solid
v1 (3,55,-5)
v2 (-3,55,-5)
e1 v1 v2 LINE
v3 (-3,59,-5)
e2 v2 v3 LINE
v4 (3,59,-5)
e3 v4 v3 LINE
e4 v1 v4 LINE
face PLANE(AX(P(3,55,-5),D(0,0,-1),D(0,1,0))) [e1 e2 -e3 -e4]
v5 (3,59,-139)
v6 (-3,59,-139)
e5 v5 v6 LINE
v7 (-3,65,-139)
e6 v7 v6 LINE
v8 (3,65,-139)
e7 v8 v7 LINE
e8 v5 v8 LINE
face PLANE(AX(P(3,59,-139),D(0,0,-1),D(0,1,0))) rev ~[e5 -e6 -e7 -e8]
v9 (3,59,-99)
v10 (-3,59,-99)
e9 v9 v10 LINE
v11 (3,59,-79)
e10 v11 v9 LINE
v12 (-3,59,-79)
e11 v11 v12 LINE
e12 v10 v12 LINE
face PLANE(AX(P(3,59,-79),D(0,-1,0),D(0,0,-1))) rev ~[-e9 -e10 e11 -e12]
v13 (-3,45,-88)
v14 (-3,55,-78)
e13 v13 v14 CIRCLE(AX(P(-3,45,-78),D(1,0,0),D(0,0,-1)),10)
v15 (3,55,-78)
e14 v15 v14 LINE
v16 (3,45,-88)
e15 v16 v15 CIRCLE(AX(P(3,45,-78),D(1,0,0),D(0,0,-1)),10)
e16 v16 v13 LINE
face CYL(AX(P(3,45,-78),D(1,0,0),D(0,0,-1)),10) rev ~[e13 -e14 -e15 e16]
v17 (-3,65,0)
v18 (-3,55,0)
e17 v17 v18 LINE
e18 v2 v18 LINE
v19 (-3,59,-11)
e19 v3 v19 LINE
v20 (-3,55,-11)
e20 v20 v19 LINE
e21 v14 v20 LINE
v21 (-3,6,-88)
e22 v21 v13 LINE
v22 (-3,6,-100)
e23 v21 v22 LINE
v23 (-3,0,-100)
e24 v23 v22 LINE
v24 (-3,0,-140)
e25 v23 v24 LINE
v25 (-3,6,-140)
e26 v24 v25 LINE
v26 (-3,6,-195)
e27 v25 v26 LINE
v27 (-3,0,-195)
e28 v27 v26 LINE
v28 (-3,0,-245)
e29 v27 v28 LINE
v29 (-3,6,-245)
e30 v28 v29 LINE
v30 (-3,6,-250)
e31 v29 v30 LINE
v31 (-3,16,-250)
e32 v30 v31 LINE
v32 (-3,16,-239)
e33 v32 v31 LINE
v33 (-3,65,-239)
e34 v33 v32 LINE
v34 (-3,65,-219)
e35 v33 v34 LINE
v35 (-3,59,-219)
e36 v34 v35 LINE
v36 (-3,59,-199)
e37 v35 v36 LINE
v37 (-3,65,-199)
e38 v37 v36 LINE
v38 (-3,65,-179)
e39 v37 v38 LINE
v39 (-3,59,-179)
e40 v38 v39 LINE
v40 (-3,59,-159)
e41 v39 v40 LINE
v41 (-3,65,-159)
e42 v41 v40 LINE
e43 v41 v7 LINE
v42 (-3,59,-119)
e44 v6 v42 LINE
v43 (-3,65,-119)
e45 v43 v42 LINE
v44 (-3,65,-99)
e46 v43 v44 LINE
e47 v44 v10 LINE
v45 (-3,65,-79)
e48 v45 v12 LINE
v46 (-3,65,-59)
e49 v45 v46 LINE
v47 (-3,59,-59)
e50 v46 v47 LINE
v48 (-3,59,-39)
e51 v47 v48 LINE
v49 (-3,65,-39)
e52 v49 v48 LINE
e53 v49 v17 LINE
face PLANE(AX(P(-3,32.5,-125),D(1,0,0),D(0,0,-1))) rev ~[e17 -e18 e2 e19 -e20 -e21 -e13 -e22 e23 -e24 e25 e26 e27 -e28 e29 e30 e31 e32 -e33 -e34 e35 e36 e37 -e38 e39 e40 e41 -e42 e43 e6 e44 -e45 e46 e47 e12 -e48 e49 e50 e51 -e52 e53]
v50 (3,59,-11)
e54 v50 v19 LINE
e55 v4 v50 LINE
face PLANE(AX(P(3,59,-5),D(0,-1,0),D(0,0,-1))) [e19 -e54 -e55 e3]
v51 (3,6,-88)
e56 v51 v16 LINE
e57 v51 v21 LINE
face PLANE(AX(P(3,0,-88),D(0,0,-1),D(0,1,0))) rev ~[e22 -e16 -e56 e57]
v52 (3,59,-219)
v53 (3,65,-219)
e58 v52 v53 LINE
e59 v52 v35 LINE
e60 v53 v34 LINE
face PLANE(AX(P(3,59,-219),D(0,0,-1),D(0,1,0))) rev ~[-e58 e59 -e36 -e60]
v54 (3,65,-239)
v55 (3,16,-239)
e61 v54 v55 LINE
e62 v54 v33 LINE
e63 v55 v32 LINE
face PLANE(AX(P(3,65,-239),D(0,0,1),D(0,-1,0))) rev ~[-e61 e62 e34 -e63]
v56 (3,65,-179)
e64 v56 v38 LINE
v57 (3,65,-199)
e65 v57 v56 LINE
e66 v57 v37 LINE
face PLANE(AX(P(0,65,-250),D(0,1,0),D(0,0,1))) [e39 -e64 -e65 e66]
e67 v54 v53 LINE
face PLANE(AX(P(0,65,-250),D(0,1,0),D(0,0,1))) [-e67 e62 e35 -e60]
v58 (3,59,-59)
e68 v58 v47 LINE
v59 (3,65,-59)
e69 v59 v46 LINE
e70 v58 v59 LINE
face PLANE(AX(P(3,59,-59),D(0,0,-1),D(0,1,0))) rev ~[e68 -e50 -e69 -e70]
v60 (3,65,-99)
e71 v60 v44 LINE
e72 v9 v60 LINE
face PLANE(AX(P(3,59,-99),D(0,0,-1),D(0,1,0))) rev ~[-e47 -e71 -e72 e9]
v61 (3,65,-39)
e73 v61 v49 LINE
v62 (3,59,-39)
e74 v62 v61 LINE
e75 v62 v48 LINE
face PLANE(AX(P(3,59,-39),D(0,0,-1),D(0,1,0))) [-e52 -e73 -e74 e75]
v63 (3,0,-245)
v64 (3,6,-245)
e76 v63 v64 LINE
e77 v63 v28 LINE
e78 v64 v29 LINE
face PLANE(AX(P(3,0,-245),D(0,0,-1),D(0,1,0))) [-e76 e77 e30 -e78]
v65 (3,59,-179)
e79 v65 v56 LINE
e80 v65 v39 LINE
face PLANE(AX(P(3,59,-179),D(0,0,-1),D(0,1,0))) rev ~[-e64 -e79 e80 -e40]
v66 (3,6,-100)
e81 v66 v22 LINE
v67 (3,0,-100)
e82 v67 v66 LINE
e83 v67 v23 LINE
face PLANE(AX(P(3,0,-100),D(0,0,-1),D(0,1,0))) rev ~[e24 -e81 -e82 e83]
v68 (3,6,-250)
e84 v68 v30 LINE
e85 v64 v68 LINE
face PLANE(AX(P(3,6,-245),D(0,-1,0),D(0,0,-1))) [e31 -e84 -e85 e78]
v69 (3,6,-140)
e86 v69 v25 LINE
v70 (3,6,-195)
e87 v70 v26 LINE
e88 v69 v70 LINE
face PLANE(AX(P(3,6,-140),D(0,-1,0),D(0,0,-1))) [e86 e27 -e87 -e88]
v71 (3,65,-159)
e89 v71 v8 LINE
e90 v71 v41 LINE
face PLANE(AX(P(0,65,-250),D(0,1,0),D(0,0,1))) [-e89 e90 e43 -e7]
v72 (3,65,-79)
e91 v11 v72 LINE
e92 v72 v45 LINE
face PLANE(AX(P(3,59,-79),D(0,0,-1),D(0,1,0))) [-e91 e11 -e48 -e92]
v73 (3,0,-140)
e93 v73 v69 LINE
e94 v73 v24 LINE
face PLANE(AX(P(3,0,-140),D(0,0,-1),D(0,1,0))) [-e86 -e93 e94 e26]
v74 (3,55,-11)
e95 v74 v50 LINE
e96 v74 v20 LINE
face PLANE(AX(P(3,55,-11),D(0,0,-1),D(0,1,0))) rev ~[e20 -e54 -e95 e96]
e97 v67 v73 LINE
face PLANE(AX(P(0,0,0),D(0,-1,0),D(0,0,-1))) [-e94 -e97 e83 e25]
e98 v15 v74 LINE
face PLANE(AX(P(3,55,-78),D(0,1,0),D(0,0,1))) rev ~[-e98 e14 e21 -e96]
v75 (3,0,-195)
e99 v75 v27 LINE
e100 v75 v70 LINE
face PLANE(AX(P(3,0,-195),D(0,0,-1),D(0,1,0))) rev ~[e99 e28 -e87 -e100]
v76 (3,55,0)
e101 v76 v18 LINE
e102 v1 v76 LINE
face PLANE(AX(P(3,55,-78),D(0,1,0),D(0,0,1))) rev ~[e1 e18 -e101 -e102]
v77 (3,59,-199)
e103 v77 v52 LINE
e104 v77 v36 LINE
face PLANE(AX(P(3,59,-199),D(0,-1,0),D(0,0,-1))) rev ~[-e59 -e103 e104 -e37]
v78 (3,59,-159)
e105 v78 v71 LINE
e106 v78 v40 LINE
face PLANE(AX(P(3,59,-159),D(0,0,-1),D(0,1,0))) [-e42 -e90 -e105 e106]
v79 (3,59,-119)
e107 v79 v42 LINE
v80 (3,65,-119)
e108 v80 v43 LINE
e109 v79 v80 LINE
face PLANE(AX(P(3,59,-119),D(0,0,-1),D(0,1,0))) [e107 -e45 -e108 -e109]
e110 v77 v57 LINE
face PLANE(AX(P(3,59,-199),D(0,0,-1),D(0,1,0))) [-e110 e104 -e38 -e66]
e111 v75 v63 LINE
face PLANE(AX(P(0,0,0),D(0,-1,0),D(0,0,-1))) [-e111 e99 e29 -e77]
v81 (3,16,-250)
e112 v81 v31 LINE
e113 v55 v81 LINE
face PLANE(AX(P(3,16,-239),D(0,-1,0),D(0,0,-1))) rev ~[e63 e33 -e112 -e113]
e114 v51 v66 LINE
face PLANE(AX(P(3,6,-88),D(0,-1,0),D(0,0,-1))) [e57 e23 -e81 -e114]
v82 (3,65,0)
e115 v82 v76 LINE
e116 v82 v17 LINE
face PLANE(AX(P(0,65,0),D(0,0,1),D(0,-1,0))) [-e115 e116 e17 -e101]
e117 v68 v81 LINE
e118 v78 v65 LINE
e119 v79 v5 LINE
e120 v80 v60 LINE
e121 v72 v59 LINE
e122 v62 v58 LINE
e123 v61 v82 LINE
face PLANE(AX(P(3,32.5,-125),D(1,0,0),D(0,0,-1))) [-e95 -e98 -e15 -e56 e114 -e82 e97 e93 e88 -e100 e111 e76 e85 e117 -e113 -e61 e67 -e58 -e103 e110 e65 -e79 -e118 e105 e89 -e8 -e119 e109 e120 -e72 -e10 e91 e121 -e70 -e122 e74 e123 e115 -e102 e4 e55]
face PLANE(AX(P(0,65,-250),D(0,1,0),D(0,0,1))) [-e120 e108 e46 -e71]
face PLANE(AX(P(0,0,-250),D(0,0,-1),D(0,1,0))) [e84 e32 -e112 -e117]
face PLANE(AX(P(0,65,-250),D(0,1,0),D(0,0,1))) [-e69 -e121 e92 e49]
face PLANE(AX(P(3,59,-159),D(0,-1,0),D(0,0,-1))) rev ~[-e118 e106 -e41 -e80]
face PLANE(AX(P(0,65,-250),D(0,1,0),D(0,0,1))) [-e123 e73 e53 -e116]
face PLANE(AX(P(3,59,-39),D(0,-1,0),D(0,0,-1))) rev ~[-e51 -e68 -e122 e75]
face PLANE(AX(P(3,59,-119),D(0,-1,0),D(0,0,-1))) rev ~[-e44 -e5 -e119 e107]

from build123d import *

# Parameters (mm, degrees)
BOSS_EXTRUDE1_DEPTH = 3
CUT_EXTRUDE1_DEPTH  = 6
SKETCH4_W           = 12
SKETCH4_H           = 6
SKETCH4_W_2         = 55
SKETCH4_W_3         = 5
SKETCH4_W_4         = 6
SKETCH4_H_2         = 4
CUT_EXTRUDE2_DEPTH  = 6
CUT_EXTRUDE3_REACH  = 8
SKETCH5_W           = 20
SKETCH5_H           = 6


with BuildPart() as part:
    # Sketch1 → Boss-Extrude1 (new body, symmetric)
    with BuildSketch(Plane(origin=(0, 0, 0), x_dir=(0, 0, -1), z_dir=(1, 0, 0))):
        Polygon((0, 0), (250, 0), (250, 65), (60, 65), (0, 65), align=None)
    extrude(amount=BOSS_EXTRUDE1_DEPTH, both=True)

    # Sketch3 → Cut-Extrude1 (cut)
    with BuildSketch(Plane(origin=(3, 0, 0), x_dir=(0, 0, -1), z_dir=(1, 0, 0))):
        with BuildLine():
            Line((0, 0), (88, 0))
            Line((88, 0), (88, 45))
            ThreePointArc((88, 45), (85.071067812, 52.071067812), (78, 55))
            Line((78, 55), (0, 55))
            Line((0, 55), (0, 0))
        make_face()
    extrude(amount=-CUT_EXTRUDE1_DEPTH, mode=Mode.SUBTRACT)

    # Sketch4 → Cut-Extrude2 (cut)
    with BuildSketch(Plane(origin=(3, 0, 0), x_dir=(0, 0, -1), z_dir=(1, 0, 0))):
        with Locations((94, 3)):
            Rectangle(SKETCH4_W, SKETCH4_H)
        with Locations((167.5, 3)):
            Rectangle(SKETCH4_W_2, SKETCH4_H)
        with Locations((247.5, 3)):
            Rectangle(SKETCH4_W_3, SKETCH4_H)
        Polygon((245, 16), (250, 16), (250, 65), (239, 65), (239, 16), align=None)
        with Locations((8, 57)):
            Rectangle(SKETCH4_W_4, SKETCH4_H_2)
    extrude(amount=-CUT_EXTRUDE2_DEPTH, mode=Mode.SUBTRACT)

    # Sketch5 → Cut-Extrude3 (cut, up to next)
    with BuildSketch(Plane(origin=(3, 0, 0), x_dir=(0, 0, -1), z_dir=(1, 0, 0)), mode=Mode.PRIVATE) as cut_extrude3_sk1:
        with Locations((169, 62)):
            Rectangle(SKETCH5_W, SKETCH5_H)
    cut_extrude3_tool1 = extrude(cut_extrude3_sk1.sketch, amount=-CUT_EXTRUDE3_REACH, mode=Mode.PRIVATE) & part.part
    add(cut_extrude3_tool1.solids().sort_by_distance((3, 62, -169))[0], mode=Mode.SUBTRACT)
    # Sketch5 → Cut-Extrude3 (cut, up to next)
    with BuildSketch(Plane(origin=(3, 0, 0), x_dir=(0, 0, -1), z_dir=(1, 0, 0)), mode=Mode.PRIVATE) as cut_extrude3_sk2:
        with Locations((209, 62)):
            Rectangle(SKETCH5_W, SKETCH5_H)
    cut_extrude3_tool2 = extrude(cut_extrude3_sk2.sketch, amount=-CUT_EXTRUDE3_REACH, mode=Mode.PRIVATE) & part.part
    add(cut_extrude3_tool2.solids().sort_by_distance((3, 62, -209))[0], mode=Mode.SUBTRACT)
    # Sketch5 → Cut-Extrude3 (cut, up to next)
    with BuildSketch(Plane(origin=(3, 0, 0), x_dir=(0, 0, -1), z_dir=(1, 0, 0)), mode=Mode.PRIVATE) as cut_extrude3_sk3:
        with Locations((129, 62)):
            Rectangle(SKETCH5_W, SKETCH5_H)
    cut_extrude3_tool3 = extrude(cut_extrude3_sk3.sketch, amount=-CUT_EXTRUDE3_REACH, mode=Mode.PRIVATE) & part.part
    add(cut_extrude3_tool3.solids().sort_by_distance((3, 62, -129))[0], mode=Mode.SUBTRACT)
    # Sketch5 → Cut-Extrude3 (cut, up to next)
    with BuildSketch(Plane(origin=(3, 0, 0), x_dir=(0, 0, -1), z_dir=(1, 0, 0)), mode=Mode.PRIVATE) as cut_extrude3_sk4:
        with Locations((89, 62)):
            Rectangle(SKETCH5_W, SKETCH5_H)
    cut_extrude3_tool4 = extrude(cut_extrude3_sk4.sketch, amount=-CUT_EXTRUDE3_REACH, mode=Mode.PRIVATE) & part.part
    add(cut_extrude3_tool4.solids().sort_by_distance((3, 62, -89))[0], mode=Mode.SUBTRACT)
    # Sketch5 → Cut-Extrude3 (cut, up to next)
    with BuildSketch(Plane(origin=(3, 0, 0), x_dir=(0, 0, -1), z_dir=(1, 0, 0)), mode=Mode.PRIVATE) as cut_extrude3_sk5:
        with Locations((49, 62)):
            Rectangle(SKETCH5_W, SKETCH5_H)
    cut_extrude3_tool5 = extrude(cut_extrude3_sk5.sketch, amount=-CUT_EXTRUDE3_REACH, mode=Mode.PRIVATE) & part.part
    add(cut_extrude3_tool5.solids().sort_by_distance((3, 62, -49))[0], mode=Mode.SUBTRACT)


solid = part.part
